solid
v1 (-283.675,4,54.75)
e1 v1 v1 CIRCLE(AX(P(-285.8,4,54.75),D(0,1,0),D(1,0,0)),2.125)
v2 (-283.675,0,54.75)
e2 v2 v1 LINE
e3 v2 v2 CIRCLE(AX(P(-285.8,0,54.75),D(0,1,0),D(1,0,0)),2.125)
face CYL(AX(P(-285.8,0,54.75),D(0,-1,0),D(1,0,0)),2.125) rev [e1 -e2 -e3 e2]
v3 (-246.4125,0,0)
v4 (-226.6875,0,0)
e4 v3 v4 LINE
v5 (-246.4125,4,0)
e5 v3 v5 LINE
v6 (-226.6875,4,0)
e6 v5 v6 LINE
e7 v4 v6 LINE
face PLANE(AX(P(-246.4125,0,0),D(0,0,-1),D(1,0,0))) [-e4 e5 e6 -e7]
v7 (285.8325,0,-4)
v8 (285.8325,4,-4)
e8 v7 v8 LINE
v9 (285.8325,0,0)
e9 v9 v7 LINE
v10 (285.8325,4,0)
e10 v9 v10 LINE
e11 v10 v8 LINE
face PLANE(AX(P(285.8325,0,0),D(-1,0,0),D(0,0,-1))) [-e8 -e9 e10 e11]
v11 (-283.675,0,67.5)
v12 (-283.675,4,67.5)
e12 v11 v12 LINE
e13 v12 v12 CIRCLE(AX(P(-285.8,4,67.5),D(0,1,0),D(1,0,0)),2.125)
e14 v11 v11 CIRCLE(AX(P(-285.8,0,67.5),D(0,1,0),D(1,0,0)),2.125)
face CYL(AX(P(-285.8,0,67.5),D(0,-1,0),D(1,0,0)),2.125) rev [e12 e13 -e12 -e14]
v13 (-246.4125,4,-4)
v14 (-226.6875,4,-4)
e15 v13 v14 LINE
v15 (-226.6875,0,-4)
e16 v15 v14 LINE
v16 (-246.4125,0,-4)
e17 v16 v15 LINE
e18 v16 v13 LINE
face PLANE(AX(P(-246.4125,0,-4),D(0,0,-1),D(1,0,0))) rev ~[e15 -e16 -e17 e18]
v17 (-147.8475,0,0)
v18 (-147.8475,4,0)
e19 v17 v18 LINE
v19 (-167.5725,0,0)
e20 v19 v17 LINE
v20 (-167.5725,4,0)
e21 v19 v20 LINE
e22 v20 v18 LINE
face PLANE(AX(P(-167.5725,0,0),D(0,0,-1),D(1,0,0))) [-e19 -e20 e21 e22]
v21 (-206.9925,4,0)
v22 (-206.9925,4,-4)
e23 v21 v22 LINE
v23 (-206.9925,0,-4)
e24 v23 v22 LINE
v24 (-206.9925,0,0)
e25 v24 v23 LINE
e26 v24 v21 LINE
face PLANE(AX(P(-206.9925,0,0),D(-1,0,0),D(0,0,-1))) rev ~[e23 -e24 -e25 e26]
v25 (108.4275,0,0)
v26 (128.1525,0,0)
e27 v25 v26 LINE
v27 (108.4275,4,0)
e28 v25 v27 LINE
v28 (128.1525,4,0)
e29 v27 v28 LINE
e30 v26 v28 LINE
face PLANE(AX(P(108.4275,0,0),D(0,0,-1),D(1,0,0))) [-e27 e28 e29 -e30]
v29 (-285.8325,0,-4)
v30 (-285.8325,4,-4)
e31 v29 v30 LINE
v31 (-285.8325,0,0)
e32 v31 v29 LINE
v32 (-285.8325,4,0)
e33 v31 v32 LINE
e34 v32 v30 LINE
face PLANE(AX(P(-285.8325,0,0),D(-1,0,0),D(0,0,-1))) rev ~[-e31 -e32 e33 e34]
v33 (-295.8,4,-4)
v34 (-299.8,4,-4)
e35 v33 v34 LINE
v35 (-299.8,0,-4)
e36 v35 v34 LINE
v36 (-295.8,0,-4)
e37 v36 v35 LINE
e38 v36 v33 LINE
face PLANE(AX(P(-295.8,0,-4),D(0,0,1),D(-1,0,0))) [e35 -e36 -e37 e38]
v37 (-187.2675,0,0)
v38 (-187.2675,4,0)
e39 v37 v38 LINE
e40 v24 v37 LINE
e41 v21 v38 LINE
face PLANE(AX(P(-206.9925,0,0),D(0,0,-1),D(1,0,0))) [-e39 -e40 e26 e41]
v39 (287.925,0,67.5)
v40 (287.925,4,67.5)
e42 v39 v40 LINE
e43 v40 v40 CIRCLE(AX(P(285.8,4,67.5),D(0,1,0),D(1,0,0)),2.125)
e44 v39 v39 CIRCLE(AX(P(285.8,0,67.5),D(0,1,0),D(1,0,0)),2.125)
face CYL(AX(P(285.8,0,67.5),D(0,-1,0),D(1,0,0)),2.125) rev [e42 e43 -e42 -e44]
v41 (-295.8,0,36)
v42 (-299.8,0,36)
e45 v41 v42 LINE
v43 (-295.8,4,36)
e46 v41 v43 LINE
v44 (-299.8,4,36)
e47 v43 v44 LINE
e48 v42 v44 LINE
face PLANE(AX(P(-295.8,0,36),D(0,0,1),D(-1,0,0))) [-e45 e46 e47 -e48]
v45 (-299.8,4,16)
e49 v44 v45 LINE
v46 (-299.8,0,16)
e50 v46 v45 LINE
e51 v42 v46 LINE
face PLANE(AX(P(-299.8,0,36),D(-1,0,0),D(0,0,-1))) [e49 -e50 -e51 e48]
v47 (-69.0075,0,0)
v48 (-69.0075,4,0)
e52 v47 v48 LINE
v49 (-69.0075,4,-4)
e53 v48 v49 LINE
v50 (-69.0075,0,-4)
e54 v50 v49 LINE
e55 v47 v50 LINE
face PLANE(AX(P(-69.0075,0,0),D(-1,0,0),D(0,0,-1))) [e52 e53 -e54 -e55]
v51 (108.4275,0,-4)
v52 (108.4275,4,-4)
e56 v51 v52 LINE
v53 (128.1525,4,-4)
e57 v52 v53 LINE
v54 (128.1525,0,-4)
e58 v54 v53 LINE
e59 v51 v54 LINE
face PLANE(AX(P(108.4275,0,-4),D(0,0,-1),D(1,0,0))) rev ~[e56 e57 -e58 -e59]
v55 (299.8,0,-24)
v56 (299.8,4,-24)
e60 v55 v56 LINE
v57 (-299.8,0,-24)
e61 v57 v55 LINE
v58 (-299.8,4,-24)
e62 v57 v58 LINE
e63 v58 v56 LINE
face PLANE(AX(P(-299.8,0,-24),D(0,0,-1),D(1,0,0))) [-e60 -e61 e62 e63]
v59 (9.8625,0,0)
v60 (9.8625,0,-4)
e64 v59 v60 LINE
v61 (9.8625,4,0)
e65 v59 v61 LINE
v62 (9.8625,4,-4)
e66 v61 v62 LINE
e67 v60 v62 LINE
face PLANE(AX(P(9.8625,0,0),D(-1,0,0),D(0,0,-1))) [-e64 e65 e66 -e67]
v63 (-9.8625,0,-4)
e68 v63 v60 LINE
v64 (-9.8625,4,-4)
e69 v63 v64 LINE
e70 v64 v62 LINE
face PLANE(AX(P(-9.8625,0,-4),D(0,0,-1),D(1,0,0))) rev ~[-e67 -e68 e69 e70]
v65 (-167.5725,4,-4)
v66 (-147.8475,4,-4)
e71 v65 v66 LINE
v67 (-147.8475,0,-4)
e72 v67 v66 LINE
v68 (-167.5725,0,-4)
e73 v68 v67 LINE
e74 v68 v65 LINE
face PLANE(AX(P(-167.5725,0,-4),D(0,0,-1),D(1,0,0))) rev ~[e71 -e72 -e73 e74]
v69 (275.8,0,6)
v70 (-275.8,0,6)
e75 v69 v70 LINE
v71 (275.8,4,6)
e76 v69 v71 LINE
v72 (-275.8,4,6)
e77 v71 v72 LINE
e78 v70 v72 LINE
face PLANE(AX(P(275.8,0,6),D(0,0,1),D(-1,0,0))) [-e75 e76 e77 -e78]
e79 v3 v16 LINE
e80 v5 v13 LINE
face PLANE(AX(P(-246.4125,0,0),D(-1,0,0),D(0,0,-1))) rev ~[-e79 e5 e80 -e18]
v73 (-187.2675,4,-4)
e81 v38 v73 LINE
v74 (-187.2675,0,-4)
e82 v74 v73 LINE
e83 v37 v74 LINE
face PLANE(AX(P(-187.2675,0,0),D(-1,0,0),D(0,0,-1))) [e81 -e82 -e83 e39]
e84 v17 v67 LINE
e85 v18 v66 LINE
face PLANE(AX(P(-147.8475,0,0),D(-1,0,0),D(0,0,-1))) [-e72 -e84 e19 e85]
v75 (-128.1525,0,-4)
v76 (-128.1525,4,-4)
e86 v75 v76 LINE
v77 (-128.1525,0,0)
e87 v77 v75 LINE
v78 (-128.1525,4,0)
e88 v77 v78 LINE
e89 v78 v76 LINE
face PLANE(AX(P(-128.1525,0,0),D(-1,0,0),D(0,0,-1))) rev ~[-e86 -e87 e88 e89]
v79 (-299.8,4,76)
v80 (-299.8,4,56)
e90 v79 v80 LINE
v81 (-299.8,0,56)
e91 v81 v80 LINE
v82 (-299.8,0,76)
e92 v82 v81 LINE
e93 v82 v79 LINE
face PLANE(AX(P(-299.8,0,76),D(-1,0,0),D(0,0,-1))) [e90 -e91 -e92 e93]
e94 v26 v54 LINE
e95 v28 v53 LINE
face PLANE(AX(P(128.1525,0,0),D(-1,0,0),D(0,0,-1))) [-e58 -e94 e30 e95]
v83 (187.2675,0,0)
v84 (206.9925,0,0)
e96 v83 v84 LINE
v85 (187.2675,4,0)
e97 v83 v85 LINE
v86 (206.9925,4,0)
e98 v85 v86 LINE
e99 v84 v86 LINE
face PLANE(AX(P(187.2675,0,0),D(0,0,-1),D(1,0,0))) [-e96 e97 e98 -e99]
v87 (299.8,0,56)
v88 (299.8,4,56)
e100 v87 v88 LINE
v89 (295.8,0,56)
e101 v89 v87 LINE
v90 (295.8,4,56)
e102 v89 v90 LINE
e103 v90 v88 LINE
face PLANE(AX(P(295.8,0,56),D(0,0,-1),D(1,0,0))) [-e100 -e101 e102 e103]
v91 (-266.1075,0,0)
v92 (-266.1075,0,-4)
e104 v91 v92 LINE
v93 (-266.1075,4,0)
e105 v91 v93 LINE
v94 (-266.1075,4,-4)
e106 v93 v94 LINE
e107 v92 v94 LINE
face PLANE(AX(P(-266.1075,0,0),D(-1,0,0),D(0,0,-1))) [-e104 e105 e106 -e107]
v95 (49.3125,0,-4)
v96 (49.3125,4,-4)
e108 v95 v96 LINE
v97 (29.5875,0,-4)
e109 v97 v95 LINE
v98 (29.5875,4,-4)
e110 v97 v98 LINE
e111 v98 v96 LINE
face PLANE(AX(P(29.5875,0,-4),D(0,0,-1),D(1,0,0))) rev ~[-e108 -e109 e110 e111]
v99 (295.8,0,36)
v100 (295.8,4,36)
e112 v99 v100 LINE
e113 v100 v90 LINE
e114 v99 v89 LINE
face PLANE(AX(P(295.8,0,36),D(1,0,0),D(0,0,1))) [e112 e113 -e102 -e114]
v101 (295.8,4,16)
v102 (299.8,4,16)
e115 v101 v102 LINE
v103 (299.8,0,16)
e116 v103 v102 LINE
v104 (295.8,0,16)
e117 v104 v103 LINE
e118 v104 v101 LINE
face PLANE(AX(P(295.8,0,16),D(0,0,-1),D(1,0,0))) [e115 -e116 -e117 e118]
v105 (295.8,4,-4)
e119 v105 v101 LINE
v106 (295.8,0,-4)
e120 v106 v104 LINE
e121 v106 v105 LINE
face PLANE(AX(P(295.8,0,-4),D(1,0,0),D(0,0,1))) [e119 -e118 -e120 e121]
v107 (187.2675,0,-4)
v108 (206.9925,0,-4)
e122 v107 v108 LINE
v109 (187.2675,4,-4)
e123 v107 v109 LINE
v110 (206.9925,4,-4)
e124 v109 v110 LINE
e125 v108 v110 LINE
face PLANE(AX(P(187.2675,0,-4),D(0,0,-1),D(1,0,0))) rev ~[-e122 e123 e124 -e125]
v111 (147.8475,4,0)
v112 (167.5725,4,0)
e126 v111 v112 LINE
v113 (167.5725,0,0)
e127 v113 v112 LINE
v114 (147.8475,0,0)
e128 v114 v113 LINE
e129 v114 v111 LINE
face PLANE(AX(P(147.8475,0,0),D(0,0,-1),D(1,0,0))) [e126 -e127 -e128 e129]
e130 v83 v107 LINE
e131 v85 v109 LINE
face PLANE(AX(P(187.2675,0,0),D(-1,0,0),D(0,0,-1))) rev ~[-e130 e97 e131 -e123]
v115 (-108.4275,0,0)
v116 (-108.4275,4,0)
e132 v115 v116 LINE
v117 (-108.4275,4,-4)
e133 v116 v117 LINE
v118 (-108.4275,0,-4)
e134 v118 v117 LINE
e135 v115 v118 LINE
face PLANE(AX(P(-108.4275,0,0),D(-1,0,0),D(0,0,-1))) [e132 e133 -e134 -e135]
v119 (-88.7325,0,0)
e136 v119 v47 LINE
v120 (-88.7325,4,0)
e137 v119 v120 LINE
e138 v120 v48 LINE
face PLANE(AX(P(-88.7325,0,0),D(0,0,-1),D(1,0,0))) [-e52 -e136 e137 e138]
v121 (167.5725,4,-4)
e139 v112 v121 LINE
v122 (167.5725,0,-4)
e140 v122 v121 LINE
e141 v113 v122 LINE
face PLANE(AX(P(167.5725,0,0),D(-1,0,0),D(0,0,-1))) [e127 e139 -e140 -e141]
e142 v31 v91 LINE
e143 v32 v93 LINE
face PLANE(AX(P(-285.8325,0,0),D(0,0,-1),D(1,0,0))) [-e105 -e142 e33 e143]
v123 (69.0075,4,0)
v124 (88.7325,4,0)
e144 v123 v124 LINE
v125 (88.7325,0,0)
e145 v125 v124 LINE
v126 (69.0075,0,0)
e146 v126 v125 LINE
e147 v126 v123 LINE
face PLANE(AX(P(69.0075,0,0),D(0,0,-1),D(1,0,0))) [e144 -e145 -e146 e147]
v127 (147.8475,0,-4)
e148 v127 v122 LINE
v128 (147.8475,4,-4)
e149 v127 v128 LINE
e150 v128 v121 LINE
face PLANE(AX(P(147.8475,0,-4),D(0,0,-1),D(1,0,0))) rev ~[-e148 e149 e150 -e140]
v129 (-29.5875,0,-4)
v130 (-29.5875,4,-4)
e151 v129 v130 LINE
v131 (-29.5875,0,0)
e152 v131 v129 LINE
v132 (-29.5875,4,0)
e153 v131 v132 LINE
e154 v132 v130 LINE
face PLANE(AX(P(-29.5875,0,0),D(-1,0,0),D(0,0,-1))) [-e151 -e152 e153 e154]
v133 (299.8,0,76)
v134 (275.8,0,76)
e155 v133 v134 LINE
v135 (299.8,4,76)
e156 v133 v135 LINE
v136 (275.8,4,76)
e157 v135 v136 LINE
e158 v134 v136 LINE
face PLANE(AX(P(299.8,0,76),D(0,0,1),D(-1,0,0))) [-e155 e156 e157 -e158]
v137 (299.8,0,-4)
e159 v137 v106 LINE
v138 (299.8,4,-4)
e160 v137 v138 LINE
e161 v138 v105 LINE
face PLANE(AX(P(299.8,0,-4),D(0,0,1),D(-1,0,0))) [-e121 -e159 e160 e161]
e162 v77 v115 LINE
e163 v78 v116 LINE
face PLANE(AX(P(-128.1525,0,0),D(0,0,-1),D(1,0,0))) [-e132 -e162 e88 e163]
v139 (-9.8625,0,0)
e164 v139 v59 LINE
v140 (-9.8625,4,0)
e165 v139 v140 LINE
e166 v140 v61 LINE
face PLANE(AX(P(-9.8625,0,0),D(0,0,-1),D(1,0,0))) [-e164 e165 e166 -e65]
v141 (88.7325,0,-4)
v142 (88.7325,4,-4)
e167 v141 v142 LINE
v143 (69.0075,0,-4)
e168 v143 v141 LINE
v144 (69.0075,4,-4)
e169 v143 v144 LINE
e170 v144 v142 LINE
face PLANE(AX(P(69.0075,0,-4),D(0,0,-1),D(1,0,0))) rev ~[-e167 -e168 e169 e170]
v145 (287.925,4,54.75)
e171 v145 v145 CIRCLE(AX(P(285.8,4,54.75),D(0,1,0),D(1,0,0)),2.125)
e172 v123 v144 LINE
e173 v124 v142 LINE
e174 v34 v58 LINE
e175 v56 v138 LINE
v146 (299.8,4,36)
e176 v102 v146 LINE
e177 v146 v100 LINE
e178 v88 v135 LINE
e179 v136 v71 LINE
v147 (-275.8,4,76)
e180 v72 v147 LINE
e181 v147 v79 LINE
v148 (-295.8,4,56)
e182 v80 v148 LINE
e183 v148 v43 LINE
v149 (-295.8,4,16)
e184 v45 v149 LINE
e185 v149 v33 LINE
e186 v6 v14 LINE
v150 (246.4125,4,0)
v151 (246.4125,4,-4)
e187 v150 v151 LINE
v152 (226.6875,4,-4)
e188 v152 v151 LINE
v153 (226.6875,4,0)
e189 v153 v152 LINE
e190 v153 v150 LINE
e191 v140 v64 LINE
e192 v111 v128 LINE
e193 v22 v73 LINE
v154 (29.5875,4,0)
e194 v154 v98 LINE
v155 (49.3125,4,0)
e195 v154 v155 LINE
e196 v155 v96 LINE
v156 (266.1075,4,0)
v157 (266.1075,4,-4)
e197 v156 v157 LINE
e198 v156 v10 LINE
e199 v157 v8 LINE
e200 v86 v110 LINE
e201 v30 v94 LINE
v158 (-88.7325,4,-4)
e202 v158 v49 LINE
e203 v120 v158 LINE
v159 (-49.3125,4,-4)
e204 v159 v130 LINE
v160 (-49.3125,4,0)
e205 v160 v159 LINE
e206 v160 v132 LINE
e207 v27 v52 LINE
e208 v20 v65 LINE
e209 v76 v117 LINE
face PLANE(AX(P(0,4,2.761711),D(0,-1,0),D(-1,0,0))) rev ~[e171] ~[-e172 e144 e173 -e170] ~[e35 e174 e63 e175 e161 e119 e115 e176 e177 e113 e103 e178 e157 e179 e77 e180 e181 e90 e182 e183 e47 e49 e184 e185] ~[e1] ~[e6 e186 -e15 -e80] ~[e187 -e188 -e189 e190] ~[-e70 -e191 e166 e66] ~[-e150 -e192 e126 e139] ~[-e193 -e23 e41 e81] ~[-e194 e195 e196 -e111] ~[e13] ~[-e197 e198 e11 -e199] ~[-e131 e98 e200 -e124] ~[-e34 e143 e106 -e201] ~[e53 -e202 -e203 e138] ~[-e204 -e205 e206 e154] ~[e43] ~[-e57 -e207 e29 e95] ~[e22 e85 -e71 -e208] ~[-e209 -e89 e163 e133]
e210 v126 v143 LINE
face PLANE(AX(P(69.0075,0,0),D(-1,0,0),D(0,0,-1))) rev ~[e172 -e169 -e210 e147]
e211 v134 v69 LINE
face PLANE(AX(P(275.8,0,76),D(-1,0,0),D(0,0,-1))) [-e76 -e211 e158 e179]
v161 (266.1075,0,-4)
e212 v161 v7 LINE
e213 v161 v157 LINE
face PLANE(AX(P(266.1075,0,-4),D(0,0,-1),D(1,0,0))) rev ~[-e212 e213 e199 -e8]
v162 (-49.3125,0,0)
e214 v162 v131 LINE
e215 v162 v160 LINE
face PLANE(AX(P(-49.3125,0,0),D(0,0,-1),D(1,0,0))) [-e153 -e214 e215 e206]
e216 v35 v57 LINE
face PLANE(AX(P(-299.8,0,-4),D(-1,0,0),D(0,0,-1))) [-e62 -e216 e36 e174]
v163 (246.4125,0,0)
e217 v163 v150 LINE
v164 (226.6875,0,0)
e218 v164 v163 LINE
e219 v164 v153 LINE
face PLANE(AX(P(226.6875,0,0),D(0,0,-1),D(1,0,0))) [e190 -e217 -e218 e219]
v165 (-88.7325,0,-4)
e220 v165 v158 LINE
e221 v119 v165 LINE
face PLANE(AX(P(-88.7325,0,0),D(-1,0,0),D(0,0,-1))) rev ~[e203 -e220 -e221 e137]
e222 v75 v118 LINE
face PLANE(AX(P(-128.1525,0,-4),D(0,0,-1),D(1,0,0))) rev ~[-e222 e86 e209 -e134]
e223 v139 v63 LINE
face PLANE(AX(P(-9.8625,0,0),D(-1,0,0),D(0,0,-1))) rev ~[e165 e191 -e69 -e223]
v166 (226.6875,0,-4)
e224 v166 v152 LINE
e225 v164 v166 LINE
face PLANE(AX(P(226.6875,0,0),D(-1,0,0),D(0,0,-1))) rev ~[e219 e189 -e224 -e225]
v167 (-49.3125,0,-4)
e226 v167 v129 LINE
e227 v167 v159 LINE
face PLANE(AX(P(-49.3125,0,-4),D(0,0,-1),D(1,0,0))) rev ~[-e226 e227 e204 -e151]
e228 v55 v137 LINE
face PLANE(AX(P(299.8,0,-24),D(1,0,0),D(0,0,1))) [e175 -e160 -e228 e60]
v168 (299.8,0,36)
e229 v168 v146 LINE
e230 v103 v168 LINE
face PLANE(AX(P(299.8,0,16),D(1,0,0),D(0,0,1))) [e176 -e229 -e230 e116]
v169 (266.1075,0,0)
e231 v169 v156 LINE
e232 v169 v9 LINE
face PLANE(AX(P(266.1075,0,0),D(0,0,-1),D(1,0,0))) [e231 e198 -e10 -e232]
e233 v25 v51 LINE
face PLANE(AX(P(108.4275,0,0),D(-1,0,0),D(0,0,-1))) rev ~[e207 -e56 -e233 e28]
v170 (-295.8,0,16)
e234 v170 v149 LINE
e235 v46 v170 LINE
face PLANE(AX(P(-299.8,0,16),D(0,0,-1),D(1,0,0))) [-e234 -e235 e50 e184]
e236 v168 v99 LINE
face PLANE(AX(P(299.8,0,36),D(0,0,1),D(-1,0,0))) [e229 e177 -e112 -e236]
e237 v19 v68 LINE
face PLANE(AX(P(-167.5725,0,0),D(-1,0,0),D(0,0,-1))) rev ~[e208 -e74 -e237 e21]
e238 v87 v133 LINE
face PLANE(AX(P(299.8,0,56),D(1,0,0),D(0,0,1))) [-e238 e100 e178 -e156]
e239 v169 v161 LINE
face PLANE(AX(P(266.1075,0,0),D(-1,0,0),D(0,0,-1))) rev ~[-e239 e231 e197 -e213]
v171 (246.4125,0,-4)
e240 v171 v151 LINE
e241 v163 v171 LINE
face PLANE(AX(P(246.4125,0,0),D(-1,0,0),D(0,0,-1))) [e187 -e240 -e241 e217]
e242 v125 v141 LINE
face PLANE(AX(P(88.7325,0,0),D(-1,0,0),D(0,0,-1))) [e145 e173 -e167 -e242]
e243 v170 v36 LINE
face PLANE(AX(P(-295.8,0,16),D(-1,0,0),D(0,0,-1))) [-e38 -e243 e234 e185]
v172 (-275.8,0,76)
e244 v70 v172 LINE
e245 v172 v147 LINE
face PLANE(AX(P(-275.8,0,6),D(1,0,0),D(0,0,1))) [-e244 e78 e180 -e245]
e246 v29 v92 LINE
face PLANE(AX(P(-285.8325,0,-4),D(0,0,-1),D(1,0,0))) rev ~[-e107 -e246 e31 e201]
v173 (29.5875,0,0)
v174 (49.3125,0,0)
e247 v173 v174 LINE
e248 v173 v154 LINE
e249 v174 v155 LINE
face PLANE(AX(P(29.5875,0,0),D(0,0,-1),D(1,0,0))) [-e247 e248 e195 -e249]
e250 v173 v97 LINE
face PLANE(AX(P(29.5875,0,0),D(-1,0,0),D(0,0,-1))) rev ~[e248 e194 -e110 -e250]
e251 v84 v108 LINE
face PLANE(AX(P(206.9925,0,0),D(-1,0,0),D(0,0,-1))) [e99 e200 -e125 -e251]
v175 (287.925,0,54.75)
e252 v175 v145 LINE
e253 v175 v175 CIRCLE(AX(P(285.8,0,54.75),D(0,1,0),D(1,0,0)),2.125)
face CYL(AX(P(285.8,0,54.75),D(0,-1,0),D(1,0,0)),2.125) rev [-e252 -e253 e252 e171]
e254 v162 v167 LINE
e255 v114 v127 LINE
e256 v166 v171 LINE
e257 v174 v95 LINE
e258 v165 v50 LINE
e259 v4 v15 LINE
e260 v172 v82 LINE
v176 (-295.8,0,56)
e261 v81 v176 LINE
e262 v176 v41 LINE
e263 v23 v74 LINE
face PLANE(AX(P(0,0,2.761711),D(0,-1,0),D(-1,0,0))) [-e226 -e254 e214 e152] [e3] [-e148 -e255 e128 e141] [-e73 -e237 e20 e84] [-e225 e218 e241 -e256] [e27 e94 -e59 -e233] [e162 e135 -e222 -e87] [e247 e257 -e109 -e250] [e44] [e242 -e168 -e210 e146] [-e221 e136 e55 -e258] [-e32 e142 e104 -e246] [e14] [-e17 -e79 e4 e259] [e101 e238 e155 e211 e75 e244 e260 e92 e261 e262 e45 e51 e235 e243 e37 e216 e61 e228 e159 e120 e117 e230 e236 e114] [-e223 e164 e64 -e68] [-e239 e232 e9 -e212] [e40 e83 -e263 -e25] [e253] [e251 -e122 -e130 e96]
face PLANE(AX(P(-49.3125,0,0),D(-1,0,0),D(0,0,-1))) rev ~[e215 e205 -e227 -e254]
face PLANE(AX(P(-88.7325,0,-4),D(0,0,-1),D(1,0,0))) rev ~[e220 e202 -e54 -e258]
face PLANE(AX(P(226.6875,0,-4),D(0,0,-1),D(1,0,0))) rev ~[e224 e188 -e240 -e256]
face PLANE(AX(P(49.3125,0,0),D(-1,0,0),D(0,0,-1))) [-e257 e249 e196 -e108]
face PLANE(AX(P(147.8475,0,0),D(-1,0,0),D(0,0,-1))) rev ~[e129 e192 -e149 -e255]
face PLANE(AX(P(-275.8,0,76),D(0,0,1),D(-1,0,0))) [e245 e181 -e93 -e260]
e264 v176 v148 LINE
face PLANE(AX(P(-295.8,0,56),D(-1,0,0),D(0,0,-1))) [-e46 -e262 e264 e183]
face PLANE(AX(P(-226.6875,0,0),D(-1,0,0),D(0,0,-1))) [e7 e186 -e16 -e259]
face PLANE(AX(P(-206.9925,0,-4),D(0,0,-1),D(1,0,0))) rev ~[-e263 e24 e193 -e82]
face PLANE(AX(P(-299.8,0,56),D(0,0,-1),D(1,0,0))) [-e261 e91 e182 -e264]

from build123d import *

# Parameters (mm, degrees)
SKETCH1_R           = 2.125
SKETCH1_W           = 19.725
SKETCH1_H           = 4
BOSS_EXTRUDE1_DEPTH = 4


with BuildPart() as part:
    # Sketch1 → Boss-Extrude1 (new body)
    with BuildSketch(Plane(origin=(0, 0, 0), x_dir=(1, 0, 0), z_dir=(0, 1, 0))):
        Polygon((299.8, 24), (299.8, 4), (295.8, 4), (295.8, -16), (299.8, -16), (299.8, -36), (295.8, -36), (295.8, -56), (299.8, -56), (299.8, -76), (275.8, -76), (275.8, -6), (-275.8, -6), (-275.8, -76), (-299.8, -76), (-299.8, -56), (-295.8, -56), (-295.8, -36), (-299.8, -36), (-299.8, -16), (-295.8, -16), (-295.8, 4), (-299.8, 4), (-299.8, 24), align=None)
        with Locations((285.8, -67.5)):
            Circle(SKETCH1_R, mode=Mode.SUBTRACT)
        with Locations((285.8, -54.75)):
            Circle(SKETCH1_R, mode=Mode.SUBTRACT)
        with Locations((-285.8, -54.75)):
            Circle(SKETCH1_R, mode=Mode.SUBTRACT)
        with Locations((-285.8, -67.5)):
            Circle(SKETCH1_R, mode=Mode.SUBTRACT)
        with Locations((0, 2)):
            Rectangle(SKETCH1_W, SKETCH1_H, mode=Mode.SUBTRACT)
        with Locations((39.45, 2)):
            Rectangle(SKETCH1_W, SKETCH1_H, mode=Mode.SUBTRACT)
        with Locations((78.87, 2)):
            Rectangle(SKETCH1_W, SKETCH1_H, mode=Mode.SUBTRACT)
        with Locations((118.29, 2)):
            Rectangle(SKETCH1_W, SKETCH1_H, mode=Mode.SUBTRACT)
        with Locations((157.71, 2)):
            Rectangle(SKETCH1_W, SKETCH1_H, mode=Mode.SUBTRACT)
        with Locations((197.13, 2)):
            Rectangle(SKETCH1_W, SKETCH1_H, mode=Mode.SUBTRACT)
        with Locations((236.55, 2)):
            Rectangle(SKETCH1_W, SKETCH1_H, mode=Mode.SUBTRACT)
        with Locations((275.97, 2)):
            Rectangle(SKETCH1_W, SKETCH1_H, mode=Mode.SUBTRACT)
        with Locations((-275.97, 2)):
            Rectangle(SKETCH1_W, SKETCH1_H, mode=Mode.SUBTRACT)
        with Locations((-236.55, 2)):
            Rectangle(SKETCH1_W, SKETCH1_H, mode=Mode.SUBTRACT)
        with Locations((-197.13, 2)):
            Rectangle(SKETCH1_W, SKETCH1_H, mode=Mode.SUBTRACT)
        with Locations((-157.71, 2)):
            Rectangle(SKETCH1_W, SKETCH1_H, mode=Mode.SUBTRACT)
        with Locations((-118.29, 2)):
            Rectangle(SKETCH1_W, SKETCH1_H, mode=Mode.SUBTRACT)
        with Locations((-78.87, 2)):
            Rectangle(SKETCH1_W, SKETCH1_H, mode=Mode.SUBTRACT)
        with Locations((-39.45, 2)):
            Rectangle(SKETCH1_W, SKETCH1_H, mode=Mode.SUBTRACT)
    extrude(amount=BOSS_EXTRUDE1_DEPTH)


solid = part.part
